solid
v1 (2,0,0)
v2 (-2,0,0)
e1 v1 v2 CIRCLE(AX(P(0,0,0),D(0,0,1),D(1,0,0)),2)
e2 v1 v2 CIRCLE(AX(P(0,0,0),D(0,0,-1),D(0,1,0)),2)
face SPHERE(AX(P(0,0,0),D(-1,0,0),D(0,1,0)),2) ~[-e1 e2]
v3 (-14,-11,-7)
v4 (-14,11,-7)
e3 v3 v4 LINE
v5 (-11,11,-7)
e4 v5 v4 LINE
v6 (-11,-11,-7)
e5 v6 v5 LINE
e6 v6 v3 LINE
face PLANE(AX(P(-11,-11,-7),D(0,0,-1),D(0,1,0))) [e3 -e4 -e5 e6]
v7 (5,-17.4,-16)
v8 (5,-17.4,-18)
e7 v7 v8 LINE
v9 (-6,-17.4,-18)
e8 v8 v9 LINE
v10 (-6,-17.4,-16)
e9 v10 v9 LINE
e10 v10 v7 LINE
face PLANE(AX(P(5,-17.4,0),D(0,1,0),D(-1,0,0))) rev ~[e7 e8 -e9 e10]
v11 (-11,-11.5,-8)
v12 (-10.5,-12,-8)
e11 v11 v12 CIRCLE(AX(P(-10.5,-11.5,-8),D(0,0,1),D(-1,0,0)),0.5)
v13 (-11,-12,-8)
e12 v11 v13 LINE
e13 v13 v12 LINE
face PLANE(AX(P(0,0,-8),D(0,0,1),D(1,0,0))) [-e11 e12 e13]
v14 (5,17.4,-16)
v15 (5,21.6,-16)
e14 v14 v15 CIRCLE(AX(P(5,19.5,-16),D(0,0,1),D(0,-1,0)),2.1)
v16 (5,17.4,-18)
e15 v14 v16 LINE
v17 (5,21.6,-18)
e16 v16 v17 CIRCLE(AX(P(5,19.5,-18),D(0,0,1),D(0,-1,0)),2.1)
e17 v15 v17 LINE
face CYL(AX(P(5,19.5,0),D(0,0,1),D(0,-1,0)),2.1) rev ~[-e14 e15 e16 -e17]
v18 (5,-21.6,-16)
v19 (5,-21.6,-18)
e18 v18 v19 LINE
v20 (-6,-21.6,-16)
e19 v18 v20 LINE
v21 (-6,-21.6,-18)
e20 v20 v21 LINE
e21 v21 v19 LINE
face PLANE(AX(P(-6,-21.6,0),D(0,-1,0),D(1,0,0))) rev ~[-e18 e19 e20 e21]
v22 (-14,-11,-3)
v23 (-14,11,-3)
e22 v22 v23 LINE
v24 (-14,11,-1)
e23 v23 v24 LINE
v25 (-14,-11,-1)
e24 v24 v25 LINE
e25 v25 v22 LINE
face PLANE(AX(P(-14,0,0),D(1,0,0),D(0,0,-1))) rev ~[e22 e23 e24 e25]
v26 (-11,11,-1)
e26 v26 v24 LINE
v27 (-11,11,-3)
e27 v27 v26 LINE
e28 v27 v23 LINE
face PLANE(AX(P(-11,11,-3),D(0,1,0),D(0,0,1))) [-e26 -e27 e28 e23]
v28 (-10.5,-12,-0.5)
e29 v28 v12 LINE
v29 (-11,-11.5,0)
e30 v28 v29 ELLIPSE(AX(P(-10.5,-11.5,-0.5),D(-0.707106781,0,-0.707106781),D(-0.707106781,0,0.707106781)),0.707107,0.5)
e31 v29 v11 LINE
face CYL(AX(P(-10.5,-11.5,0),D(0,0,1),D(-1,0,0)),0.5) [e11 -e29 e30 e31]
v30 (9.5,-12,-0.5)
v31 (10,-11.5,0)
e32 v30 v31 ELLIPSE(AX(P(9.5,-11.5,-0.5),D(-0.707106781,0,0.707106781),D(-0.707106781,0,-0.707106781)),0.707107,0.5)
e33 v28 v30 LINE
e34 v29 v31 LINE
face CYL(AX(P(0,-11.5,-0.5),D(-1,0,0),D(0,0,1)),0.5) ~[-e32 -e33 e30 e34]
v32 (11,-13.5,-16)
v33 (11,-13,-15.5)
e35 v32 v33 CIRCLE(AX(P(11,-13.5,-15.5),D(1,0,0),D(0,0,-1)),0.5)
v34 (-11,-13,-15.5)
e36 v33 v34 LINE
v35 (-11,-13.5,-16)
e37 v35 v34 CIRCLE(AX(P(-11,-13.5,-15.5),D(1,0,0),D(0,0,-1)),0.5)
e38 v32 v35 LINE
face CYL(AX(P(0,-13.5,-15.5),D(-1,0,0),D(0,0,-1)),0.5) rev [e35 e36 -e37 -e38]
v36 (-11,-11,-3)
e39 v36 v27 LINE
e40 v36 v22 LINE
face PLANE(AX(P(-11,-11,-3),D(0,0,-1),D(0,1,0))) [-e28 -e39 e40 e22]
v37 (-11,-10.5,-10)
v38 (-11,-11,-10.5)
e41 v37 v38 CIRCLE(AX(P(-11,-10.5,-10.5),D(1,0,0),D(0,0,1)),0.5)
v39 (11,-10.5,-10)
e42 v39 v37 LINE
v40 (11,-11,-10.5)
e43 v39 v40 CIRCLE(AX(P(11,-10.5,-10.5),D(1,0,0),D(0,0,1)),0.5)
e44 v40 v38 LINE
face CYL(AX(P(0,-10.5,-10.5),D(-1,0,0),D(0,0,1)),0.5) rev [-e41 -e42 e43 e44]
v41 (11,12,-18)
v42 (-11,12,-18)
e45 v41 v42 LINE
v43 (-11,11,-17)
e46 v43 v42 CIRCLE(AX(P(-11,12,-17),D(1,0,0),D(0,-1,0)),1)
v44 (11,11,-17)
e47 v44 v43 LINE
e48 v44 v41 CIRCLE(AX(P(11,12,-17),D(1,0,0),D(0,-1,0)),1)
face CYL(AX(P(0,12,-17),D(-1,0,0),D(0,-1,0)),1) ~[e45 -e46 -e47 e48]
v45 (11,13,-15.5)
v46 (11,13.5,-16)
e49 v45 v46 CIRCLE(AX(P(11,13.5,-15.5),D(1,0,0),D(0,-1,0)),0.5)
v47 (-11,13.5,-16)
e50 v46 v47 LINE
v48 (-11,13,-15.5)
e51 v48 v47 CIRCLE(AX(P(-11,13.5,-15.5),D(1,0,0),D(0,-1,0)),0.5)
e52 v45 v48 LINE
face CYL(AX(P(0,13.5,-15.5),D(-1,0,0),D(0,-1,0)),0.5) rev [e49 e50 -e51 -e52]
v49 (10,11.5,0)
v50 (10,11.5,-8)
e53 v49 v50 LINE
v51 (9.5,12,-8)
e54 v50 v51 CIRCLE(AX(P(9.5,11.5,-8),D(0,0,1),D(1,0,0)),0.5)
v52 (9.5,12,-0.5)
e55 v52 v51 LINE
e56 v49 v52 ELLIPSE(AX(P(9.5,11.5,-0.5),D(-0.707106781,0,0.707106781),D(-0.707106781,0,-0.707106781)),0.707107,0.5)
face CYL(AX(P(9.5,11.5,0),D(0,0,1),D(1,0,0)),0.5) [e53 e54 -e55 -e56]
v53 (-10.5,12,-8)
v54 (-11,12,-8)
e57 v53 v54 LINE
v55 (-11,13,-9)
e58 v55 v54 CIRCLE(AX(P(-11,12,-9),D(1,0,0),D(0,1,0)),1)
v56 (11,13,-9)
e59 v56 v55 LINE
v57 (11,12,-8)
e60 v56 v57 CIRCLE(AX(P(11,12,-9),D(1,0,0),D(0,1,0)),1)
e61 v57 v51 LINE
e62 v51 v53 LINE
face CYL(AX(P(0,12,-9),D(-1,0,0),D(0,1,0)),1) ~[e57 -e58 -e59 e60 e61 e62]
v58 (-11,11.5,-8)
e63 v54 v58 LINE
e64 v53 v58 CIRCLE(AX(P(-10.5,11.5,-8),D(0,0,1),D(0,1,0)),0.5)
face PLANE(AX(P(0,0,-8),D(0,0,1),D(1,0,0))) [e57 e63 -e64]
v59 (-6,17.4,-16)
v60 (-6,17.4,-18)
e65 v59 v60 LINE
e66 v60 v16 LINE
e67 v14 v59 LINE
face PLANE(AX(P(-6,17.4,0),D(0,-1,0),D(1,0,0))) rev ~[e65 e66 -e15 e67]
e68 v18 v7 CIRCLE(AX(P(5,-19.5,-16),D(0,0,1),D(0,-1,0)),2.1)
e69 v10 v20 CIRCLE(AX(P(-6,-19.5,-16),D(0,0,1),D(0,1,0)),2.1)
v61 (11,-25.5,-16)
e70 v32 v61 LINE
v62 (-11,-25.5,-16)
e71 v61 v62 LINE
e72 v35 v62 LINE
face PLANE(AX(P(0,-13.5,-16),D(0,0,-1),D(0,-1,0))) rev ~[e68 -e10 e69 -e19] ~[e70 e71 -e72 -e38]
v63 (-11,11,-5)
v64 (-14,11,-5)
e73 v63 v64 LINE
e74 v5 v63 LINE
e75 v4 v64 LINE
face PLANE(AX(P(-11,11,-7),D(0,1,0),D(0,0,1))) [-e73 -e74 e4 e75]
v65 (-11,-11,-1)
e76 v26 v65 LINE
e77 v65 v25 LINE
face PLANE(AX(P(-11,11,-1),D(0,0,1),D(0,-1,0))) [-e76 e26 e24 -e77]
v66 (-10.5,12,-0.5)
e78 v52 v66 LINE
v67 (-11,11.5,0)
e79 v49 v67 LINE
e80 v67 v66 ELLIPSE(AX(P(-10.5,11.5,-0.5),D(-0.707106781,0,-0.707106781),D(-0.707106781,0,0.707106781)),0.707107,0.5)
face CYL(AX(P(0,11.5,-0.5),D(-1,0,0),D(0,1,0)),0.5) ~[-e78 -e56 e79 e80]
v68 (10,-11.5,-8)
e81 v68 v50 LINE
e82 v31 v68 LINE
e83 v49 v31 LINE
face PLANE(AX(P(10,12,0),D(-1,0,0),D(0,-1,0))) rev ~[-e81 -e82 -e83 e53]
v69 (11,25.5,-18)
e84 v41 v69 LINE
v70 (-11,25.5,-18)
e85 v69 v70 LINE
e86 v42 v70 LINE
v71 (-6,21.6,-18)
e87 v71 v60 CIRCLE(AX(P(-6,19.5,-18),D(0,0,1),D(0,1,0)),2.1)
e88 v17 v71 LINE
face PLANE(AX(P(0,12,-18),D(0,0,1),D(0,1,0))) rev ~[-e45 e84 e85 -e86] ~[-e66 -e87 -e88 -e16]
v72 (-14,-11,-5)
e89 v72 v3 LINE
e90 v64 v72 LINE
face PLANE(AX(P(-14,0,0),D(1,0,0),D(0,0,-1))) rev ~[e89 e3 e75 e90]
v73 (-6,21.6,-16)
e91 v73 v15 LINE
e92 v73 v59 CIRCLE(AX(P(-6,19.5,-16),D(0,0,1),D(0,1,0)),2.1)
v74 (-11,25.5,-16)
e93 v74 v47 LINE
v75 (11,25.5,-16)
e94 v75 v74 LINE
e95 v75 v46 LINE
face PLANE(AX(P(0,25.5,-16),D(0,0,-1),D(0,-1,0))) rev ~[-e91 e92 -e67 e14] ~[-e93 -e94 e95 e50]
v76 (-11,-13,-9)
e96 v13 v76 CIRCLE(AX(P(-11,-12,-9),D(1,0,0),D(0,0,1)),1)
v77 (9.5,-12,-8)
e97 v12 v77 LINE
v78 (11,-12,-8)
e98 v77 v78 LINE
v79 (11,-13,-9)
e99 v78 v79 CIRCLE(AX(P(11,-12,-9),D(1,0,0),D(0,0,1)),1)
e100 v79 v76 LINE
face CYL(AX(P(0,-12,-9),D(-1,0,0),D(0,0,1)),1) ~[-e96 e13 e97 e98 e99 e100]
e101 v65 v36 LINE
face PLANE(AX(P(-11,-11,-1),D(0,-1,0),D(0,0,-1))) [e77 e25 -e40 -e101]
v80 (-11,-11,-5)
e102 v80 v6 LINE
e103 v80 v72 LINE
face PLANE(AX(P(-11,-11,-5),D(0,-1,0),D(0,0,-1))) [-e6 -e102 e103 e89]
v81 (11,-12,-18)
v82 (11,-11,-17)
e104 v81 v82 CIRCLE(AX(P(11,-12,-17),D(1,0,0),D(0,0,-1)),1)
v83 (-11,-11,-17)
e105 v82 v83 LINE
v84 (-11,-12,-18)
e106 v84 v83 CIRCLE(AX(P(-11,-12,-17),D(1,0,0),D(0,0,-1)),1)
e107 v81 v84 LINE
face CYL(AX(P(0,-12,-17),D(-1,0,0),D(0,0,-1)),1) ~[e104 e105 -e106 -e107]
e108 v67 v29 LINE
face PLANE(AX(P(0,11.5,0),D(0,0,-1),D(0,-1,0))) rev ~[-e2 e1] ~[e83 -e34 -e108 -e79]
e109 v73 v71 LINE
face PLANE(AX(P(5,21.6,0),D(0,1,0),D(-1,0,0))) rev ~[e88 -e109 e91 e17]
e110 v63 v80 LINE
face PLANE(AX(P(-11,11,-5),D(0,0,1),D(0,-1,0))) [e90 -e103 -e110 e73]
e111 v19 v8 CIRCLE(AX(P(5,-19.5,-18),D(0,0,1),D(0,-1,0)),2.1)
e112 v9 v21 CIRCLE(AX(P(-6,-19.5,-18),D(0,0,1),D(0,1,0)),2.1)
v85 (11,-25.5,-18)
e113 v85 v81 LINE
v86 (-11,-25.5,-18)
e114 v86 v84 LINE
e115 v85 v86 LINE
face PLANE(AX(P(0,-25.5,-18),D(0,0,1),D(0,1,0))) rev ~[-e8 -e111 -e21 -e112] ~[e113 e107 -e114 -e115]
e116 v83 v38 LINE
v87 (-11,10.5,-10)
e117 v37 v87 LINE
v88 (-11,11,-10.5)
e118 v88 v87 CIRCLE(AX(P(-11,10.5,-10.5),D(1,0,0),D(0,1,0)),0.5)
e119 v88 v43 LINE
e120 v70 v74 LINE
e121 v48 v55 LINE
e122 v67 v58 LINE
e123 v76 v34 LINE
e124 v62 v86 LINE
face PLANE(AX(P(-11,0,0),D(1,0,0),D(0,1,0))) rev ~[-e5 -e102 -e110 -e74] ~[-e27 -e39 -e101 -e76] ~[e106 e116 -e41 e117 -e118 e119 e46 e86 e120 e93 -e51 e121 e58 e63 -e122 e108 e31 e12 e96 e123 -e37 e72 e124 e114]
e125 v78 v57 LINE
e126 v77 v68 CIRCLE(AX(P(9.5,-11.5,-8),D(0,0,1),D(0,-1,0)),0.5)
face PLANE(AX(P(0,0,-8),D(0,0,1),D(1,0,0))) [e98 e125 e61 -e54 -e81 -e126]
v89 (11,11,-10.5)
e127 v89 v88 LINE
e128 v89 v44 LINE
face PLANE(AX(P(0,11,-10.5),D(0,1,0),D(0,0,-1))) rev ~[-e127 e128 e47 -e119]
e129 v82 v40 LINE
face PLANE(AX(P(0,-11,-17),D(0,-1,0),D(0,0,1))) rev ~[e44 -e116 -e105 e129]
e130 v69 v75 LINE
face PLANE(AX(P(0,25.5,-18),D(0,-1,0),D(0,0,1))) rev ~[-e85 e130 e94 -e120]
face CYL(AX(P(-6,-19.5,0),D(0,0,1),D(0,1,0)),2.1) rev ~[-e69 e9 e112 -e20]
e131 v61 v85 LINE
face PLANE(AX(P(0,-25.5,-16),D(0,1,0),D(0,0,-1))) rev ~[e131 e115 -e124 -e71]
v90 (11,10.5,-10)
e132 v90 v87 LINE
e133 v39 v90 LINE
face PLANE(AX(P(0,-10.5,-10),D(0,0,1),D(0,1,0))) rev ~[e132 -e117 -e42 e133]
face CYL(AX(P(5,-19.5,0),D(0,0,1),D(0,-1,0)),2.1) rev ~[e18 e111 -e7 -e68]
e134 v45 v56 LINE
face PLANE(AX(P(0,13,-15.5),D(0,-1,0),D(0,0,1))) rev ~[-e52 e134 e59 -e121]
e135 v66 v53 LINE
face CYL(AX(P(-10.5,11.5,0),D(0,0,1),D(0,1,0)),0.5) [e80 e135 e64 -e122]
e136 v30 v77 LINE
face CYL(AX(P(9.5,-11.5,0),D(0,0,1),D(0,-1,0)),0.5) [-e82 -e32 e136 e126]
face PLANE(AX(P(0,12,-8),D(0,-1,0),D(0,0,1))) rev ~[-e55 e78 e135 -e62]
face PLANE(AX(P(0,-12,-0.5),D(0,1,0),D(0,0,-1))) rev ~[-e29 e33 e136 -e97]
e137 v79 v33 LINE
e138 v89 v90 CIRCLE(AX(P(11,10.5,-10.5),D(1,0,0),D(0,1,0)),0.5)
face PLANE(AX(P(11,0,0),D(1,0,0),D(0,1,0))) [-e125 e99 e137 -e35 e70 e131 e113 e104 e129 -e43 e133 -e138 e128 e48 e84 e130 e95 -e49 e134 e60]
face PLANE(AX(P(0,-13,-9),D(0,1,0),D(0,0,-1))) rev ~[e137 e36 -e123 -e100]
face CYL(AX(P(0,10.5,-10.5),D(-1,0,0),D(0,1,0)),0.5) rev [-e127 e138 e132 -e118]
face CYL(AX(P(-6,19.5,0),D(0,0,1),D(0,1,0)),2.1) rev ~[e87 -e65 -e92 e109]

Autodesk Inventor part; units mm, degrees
sketch "Sketch_1" plane through (0, 0, 0) normal (1, 0, 0) x (0, 1, 0)
  arc A0 (-11.5, 0) -> (-12, -0.5) centre (-11.5, -0.5) ccw
  line L0 (-12, -0.5) -> (-12, -8)
  arc A1 (-12, -8) -> (-13, -9) centre (-12, -9) ccw
  line L1 (-13, -9) -> (-13, -15.5)
  arc A2 (-13.5, -16) -> (-13, -15.5) centre (-13.5, -15.5) ccw
  line L2 (-13.5, -16) -> (-25.5, -16)
  line L3 (-25.5, -16) -> (-25.5, -18)
  line L4 (-25.5, -18) -> (-12, -18)
  arc A3 (-12, -18) -> (-11, -17) centre (-12, -17) ccw
  line L5 (-11, -17) -> (-11, -10.5)
  arc A4 (-10.5, -10) -> (-11, -10.5) centre (-10.5, -10.5) ccw
  line L6 (-10.5, -10) -> (10.5, -10)
  arc A5 (11, -10.5) -> (10.5, -10) centre (10.5, -10.5) ccw
  line L7 (11, -10.5) -> (11, -17)
  arc A6 (11, -17) -> (12, -18) centre (12, -17) ccw
  line L8 (12, -18) -> (25.5, -18)
  line L9 (25.5, -18) -> (25.5, -16)
  line L10 (25.5, -16) -> (13.5, -16)
  arc A7 (13, -15.5) -> (13.5, -16) centre (13.5, -15.5) ccw
  line L11 (13, -15.5) -> (13, -9)
  arc A8 (13, -9) -> (12, -8) centre (12, -9) ccw
  line L12 (12, -8) -> (12, -0.5)
  arc A9 (12, -0.5) -> (11.5, 0) centre (11.5, -0.5) ccw
  line L13 (11.5, 0) -> (-11.5, 0)
extrude "Extrusion1" add sketch "Sketch_1" along normal mid plane 22
sketch "Sketch_2" plane through (0, 0, 0) normal (0, 0, 1) x (1, 0, 0)
  line L0 (10, 12) -> (10, -12)
  line L1 (10, -12) -> (11, -12)
  line L2 (11, -12) -> (11, 12)
  line L3 (11, 12) -> (10, 12)
extrude "Extrusion2" cut sketch "Sketch_2" against normal blind 8
sketch "Sketch_3" plane through (0, 0, 0) normal (0, 0, 1) x (1, 0, 0)
  line L0 (50, 0) -> (-50, 0)
  arc A0 (2, 0) -> (-2, 0) centre (0, 0) ccw
  line L1 (2, 0) -> (-2, 0)
revolve "Revolution1" add sketch "Sketch_3" angle 360 about axis through (50, 0, 0) along (1, 0, 0)
sketch "Sketch_6" plane through (0, 0, 0) normal (0, 0, 1) x (1, 0, 0)
  line L0 (-24, 24) -> (-24, -24)
  line L1 (-24, -24) -> (24, -24)
  line L2 (24, -24) -> (24, 24)
  line L3 (24, 24) -> (-24, 24)
  line L4 (-11, 11.5) -> (-11, -11.5)
  arc A0 (-11, -11.5) -> (-10.5, -12) centre (-10.5, -11.5) ccw
  line L5 (-10.5, -12) -> (9.5, -12)
  arc A1 (9.5, -12) -> (10, -11.5) centre (9.5, -11.5) ccw
  line L6 (10, -11.5) -> (10, 11.5)
  arc A2 (10, 11.5) -> (9.5, 12) centre (9.5, 11.5) ccw
  line L7 (9.5, 12) -> (-10.5, 12)
  arc A3 (-10.5, 12) -> (-11, 11.5) centre (-10.5, 11.5) ccw
extrude "Extrusion3" cut sketch "Sketch_6" against normal blind 8
sketch "Sketch_4" plane through (-11, 0, 0) normal (1, 0, 0) x (0, 0, -1)
  line L0 (1, 11) -> (1, -11)
  line L1 (1, -11) -> (3, -11)
  line L2 (3, -11) -> (3, 11)
  line L3 (3, 11) -> (1, 11)
extrude "Extrusion4" add sketch "Sketch_4" against normal blind 3
sketch "Sketch_5" plane through (-11, 0, 0) normal (1, 0, 0) x (0, 0, -1)
  line L0 (5, -11) -> (7, -11)
  line L1 (7, -11) -> (7, 11)
  line L2 (7, 11) -> (5, 11)
  line L3 (5, 11) -> (5, -11)
extrude "Extrusion5" add sketch "Sketch_5" against normal blind 3
sketch "Sketch_7" plane through (0, 0, 0) normal (0, 0, 1) x (1, 0, 0)
  arc A0 (-6, 21.6) -> (-6, 17.4) centre (-6, 19.5) ccw
  line L0 (-6, 17.4) -> (5, 17.4)
  arc A1 (5, 17.4) -> (5, 21.6) centre (5, 19.5) ccw
  line L1 (5, 21.6) -> (-6, 21.6)
extrude "Extrusion6" cut sketch "Sketch_7" against normal blind 20
sketch "Sketch_8" plane through (0, 0, 0) normal (0, 0, 1) x (1, 0, 0)
  arc A0 (-6, -17.4) -> (-6, -21.6) centre (-6, -19.5) ccw
  line L0 (-6, -21.6) -> (5, -21.6)
  arc A1 (5, -21.6) -> (5, -17.4) centre (5, -19.5) ccw
  line L1 (5, -17.4) -> (-6, -17.4)
extrude "Extrusion7" cut sketch "Sketch_8" against normal blind 20
ref_plane "magnet_dummy_XY" through (0, 0, 0) normal (0, 0, 1) x (1, 0, 0)
ref_plane "magnet_dummy_YZ" through (0, 0, 0) normal (1, 0, 0) x (0, 1, 0)
ref_plane "magnet_dummy_ZX" through (0, 0, 0) normal (0, 1, 0) x (0, 0, 1)
ref_plane "to_ap_plate_XY" through (-9.1, 26, 0) normal (0, 0, -1) x (1, 0, 0)
ref_plane "to_ap_plate_YZ" through (-9.1, 26, 0) normal (1, 0, 0) x (0, -1, 0)
ref_plane "to_ap_plate_ZX" through (-9.1, 26, 0) normal (0, -1, 0) x (0, 0, -1)
ref_plane "to_door_side_plate_XY" through (-14, 0, -6) normal (1, 0, 0) x (0, 0, -1)
ref_plane "to_door_side_plate_YZ" through (-14, 0, -6) normal (0, 0, -1) x (0, 1, 0)
ref_plane "to_door_side_plate_ZX" through (-14, 0, -6) normal (0, 1, 0) x (1, 0, 0)
ref_plane "to_ap_plate1_XY" through (-1, 19.5, -18) normal (0, 0, 1) x (1, 0, 0)
ref_plane "to_ap_plate1_YZ" through (-1, 19.5, -18) normal (1, 0, 0) x (0, 1, 0)
ref_plane "to_ap_plate1_ZX" through (-1, 19.5, -18) normal (0, 1, 0) x (0, 0, 1)
ref_plane "to_ap_plate2_XY" through (-1, -19.5, -18) normal (0, 0, 1) x (1, 0, 0)
ref_plane "to_ap_plate2_YZ" through (-1, -19.5, -18) normal (1, 0, 0) x (0, 1, 0)
ref_plane "to_ap_plate2_ZX" through (-1, -19.5, -18) normal (0, 1, 0) x (0, 0, 1)
ref_plane "x1_XY" through (-9.2, 26, -15) normal (0, 0, -1) x (1, 0, 0)
ref_plane "x1_YZ" through (-9.2, 26, -15) normal (1, 0, 0) x (0, -1, 0)
ref_plane "x1_ZX" through (-9.2, 26, -15) normal (0, -1, 0) x (0, 0, -1)
ref_plane "x2_XY" through (-9.2, -26, -15) normal (0, 0, -1) x (1, 0, 0)
ref_plane "x2_YZ" through (-9.2, -26, -15) normal (1, 0, 0) x (0, -1, 0)
ref_plane "x2_ZX" through (-9.2, -26, -15) normal (0, -1, 0) x (0, 0, -1)
ref_plane "magnet_to_dummy2_XY" through (0, 0, -15) normal (0, 0, 1) x (1, 0, 0)
ref_plane "magnet_to_dummy2_YZ" through (0, 0, -15) normal (1, 0, 0) x (0, 1, 0)
ref_plane "magnet_to_dummy2_ZX" through (0, 0, -15) normal (0, 1, 0) x (0, 0, 1)
ref_plane "xy1_XY" through (-9.5, -26, 0) normal (0, 0, 1) x (1, 0, 0)
ref_plane "xy1_YZ" through (-9.5, -26, 0) normal (1, 0, 0) x (0, 1, 0)
ref_plane "xy1_ZX" through (-9.5, -26, 0) normal (0, 1, 0) x (0, 0, 1)
ref_plane "x22_XY" through (-9.1, -26, -7.5) normal (0, 0, -1) x (1, 0, 0)
ref_plane "x22_YZ" through (-9.1, -26, -7.5) normal (1, 0, 0) x (0, -1, 0)
ref_plane "x22_ZX" through (-9.1, -26, -7.5) normal (0, -1, 0) x (0, 0, -1)
ref_plane "to_ap_platexxx_XY" through (-9.1, 26, 0) normal (0, 0, -1) x (1, 0, 0)
ref_plane "to_ap_platexxx_YZ" through (-9.1, 26, 0) normal (1, 0, 0) x (0, -1, 0)
ref_plane "to_ap_platexxx_ZX" through (-9.1, 26, 0) normal (0, -1, 0) x (0, 0, -1)
ref_plane "to_ap_plate3_XY" through (-1, -19.5, -18) normal (0, 0, 1) x (1, 0, 0)
ref_plane "to_ap_plate3_YZ" through (-1, -19.5, -18) normal (1, 0, 0) x (0, 1, 0)
ref_plane "to_ap_plate3_ZX" through (-1, -19.5, -18) normal (0, 1, 0) x (0, 0, 1)
ref_plane "magnet_to_plate_XY" through (0, 19.5, -18) normal (1, 0, 0) x (0, 0, -1)
ref_plane "magnet_to_plate_YZ" through (0, 19.5, -18) normal (0, 0, -1) x (0, 1, 0)
ref_plane "magnet_to_plate_ZX" through (0, 19.5, -18) normal (0, 1, 0) x (1, 0, 0)
ref_plane "to_plate_XY" through (-9.1, 26, -15) normal (0, 0, -1) x (1, 0, 0)
ref_plane "to_plate_YZ" through (-9.1, 26, -15) normal (1, 0, 0) x (0, -1, 0)
ref_plane "to_plate_ZX" through (-9.1, 26, -15) normal (0, -1, 0) x (0, 0, -1)
ref_plane "to_pwf_bolt_XY" through (-9.1, 26, 0) normal (0, 0, -1) x (1, 0, 0)
ref_plane "to_pwf_bolt_YZ" through (-9.1, 26, 0) normal (1, 0, 0) x (0, -1, 0)
ref_plane "to_pwf_bolt_ZX" through (-9.1, 26, 0) normal (0, -1, 0) x (0, 0, -1)
ref_plane "to_pwf_bolt_1_XY" through (-9.1, -26, 0) normal (0, 0, -1) x (1, 0, 0)
ref_plane "to_pwf_bolt_1_YZ" through (-9.1, -26, 0) normal (1, 0, 0) x (0, -1, 0)
ref_plane "to_pwf_bolt_1_ZX" through (-9.1, -26, 0) normal (0, -1, 0) x (0, 0, -1)
ref_plane "washer_1_XY" through (-9.2, 26, 0) normal (0, 0, -1) x (1, 0, 0)
ref_plane "washer_1_YZ" through (-9.2, 26, 0) normal (1, 0, 0) x (0, -1, 0)
ref_plane "washer_1_ZX" through (-9.2, 26, 0) normal (0, -1, 0) x (0, 0, -1)
ref_plane "washer_2_XY" through (-9.2, -26, 0) normal (0, 0, -1) x (1, 0, 0)
ref_plane "washer_2_YZ" through (-9.2, -26, 0) normal (1, 0, 0) x (0, -1, 0)
ref_plane "washer_2_ZX" through (-9.2, -26, 0) normal (0, -1, 0) x (0, 0, -1)
ref_plane "pmf_1_XY" through (-9.2, 26, 0.8) normal (0, 0, -1) x (1, 0, 0)
ref_plane "pmf_1_YZ" through (-9.2, 26, 0.8) normal (1, 0, 0) x (0, -1, 0)
ref_plane "pmf_1_ZX" through (-9.2, 26, 0.8) normal (0, -1, 0) x (0, 0, -1)
ref_plane "pmf_2_XY" through (-9.2, -26, 0.8) normal (0, 0, -1) x (1, 0, 0)
ref_plane "pmf_2_YZ" through (-9.2, -26, 0.8) normal (1, 0, 0) x (0, -1, 0)
ref_plane "pmf_2_ZX" through (-9.2, -26, 0.8) normal (0, -1, 0) x (0, 0, -1)
properties part number "HMEN5-5-magnet"
